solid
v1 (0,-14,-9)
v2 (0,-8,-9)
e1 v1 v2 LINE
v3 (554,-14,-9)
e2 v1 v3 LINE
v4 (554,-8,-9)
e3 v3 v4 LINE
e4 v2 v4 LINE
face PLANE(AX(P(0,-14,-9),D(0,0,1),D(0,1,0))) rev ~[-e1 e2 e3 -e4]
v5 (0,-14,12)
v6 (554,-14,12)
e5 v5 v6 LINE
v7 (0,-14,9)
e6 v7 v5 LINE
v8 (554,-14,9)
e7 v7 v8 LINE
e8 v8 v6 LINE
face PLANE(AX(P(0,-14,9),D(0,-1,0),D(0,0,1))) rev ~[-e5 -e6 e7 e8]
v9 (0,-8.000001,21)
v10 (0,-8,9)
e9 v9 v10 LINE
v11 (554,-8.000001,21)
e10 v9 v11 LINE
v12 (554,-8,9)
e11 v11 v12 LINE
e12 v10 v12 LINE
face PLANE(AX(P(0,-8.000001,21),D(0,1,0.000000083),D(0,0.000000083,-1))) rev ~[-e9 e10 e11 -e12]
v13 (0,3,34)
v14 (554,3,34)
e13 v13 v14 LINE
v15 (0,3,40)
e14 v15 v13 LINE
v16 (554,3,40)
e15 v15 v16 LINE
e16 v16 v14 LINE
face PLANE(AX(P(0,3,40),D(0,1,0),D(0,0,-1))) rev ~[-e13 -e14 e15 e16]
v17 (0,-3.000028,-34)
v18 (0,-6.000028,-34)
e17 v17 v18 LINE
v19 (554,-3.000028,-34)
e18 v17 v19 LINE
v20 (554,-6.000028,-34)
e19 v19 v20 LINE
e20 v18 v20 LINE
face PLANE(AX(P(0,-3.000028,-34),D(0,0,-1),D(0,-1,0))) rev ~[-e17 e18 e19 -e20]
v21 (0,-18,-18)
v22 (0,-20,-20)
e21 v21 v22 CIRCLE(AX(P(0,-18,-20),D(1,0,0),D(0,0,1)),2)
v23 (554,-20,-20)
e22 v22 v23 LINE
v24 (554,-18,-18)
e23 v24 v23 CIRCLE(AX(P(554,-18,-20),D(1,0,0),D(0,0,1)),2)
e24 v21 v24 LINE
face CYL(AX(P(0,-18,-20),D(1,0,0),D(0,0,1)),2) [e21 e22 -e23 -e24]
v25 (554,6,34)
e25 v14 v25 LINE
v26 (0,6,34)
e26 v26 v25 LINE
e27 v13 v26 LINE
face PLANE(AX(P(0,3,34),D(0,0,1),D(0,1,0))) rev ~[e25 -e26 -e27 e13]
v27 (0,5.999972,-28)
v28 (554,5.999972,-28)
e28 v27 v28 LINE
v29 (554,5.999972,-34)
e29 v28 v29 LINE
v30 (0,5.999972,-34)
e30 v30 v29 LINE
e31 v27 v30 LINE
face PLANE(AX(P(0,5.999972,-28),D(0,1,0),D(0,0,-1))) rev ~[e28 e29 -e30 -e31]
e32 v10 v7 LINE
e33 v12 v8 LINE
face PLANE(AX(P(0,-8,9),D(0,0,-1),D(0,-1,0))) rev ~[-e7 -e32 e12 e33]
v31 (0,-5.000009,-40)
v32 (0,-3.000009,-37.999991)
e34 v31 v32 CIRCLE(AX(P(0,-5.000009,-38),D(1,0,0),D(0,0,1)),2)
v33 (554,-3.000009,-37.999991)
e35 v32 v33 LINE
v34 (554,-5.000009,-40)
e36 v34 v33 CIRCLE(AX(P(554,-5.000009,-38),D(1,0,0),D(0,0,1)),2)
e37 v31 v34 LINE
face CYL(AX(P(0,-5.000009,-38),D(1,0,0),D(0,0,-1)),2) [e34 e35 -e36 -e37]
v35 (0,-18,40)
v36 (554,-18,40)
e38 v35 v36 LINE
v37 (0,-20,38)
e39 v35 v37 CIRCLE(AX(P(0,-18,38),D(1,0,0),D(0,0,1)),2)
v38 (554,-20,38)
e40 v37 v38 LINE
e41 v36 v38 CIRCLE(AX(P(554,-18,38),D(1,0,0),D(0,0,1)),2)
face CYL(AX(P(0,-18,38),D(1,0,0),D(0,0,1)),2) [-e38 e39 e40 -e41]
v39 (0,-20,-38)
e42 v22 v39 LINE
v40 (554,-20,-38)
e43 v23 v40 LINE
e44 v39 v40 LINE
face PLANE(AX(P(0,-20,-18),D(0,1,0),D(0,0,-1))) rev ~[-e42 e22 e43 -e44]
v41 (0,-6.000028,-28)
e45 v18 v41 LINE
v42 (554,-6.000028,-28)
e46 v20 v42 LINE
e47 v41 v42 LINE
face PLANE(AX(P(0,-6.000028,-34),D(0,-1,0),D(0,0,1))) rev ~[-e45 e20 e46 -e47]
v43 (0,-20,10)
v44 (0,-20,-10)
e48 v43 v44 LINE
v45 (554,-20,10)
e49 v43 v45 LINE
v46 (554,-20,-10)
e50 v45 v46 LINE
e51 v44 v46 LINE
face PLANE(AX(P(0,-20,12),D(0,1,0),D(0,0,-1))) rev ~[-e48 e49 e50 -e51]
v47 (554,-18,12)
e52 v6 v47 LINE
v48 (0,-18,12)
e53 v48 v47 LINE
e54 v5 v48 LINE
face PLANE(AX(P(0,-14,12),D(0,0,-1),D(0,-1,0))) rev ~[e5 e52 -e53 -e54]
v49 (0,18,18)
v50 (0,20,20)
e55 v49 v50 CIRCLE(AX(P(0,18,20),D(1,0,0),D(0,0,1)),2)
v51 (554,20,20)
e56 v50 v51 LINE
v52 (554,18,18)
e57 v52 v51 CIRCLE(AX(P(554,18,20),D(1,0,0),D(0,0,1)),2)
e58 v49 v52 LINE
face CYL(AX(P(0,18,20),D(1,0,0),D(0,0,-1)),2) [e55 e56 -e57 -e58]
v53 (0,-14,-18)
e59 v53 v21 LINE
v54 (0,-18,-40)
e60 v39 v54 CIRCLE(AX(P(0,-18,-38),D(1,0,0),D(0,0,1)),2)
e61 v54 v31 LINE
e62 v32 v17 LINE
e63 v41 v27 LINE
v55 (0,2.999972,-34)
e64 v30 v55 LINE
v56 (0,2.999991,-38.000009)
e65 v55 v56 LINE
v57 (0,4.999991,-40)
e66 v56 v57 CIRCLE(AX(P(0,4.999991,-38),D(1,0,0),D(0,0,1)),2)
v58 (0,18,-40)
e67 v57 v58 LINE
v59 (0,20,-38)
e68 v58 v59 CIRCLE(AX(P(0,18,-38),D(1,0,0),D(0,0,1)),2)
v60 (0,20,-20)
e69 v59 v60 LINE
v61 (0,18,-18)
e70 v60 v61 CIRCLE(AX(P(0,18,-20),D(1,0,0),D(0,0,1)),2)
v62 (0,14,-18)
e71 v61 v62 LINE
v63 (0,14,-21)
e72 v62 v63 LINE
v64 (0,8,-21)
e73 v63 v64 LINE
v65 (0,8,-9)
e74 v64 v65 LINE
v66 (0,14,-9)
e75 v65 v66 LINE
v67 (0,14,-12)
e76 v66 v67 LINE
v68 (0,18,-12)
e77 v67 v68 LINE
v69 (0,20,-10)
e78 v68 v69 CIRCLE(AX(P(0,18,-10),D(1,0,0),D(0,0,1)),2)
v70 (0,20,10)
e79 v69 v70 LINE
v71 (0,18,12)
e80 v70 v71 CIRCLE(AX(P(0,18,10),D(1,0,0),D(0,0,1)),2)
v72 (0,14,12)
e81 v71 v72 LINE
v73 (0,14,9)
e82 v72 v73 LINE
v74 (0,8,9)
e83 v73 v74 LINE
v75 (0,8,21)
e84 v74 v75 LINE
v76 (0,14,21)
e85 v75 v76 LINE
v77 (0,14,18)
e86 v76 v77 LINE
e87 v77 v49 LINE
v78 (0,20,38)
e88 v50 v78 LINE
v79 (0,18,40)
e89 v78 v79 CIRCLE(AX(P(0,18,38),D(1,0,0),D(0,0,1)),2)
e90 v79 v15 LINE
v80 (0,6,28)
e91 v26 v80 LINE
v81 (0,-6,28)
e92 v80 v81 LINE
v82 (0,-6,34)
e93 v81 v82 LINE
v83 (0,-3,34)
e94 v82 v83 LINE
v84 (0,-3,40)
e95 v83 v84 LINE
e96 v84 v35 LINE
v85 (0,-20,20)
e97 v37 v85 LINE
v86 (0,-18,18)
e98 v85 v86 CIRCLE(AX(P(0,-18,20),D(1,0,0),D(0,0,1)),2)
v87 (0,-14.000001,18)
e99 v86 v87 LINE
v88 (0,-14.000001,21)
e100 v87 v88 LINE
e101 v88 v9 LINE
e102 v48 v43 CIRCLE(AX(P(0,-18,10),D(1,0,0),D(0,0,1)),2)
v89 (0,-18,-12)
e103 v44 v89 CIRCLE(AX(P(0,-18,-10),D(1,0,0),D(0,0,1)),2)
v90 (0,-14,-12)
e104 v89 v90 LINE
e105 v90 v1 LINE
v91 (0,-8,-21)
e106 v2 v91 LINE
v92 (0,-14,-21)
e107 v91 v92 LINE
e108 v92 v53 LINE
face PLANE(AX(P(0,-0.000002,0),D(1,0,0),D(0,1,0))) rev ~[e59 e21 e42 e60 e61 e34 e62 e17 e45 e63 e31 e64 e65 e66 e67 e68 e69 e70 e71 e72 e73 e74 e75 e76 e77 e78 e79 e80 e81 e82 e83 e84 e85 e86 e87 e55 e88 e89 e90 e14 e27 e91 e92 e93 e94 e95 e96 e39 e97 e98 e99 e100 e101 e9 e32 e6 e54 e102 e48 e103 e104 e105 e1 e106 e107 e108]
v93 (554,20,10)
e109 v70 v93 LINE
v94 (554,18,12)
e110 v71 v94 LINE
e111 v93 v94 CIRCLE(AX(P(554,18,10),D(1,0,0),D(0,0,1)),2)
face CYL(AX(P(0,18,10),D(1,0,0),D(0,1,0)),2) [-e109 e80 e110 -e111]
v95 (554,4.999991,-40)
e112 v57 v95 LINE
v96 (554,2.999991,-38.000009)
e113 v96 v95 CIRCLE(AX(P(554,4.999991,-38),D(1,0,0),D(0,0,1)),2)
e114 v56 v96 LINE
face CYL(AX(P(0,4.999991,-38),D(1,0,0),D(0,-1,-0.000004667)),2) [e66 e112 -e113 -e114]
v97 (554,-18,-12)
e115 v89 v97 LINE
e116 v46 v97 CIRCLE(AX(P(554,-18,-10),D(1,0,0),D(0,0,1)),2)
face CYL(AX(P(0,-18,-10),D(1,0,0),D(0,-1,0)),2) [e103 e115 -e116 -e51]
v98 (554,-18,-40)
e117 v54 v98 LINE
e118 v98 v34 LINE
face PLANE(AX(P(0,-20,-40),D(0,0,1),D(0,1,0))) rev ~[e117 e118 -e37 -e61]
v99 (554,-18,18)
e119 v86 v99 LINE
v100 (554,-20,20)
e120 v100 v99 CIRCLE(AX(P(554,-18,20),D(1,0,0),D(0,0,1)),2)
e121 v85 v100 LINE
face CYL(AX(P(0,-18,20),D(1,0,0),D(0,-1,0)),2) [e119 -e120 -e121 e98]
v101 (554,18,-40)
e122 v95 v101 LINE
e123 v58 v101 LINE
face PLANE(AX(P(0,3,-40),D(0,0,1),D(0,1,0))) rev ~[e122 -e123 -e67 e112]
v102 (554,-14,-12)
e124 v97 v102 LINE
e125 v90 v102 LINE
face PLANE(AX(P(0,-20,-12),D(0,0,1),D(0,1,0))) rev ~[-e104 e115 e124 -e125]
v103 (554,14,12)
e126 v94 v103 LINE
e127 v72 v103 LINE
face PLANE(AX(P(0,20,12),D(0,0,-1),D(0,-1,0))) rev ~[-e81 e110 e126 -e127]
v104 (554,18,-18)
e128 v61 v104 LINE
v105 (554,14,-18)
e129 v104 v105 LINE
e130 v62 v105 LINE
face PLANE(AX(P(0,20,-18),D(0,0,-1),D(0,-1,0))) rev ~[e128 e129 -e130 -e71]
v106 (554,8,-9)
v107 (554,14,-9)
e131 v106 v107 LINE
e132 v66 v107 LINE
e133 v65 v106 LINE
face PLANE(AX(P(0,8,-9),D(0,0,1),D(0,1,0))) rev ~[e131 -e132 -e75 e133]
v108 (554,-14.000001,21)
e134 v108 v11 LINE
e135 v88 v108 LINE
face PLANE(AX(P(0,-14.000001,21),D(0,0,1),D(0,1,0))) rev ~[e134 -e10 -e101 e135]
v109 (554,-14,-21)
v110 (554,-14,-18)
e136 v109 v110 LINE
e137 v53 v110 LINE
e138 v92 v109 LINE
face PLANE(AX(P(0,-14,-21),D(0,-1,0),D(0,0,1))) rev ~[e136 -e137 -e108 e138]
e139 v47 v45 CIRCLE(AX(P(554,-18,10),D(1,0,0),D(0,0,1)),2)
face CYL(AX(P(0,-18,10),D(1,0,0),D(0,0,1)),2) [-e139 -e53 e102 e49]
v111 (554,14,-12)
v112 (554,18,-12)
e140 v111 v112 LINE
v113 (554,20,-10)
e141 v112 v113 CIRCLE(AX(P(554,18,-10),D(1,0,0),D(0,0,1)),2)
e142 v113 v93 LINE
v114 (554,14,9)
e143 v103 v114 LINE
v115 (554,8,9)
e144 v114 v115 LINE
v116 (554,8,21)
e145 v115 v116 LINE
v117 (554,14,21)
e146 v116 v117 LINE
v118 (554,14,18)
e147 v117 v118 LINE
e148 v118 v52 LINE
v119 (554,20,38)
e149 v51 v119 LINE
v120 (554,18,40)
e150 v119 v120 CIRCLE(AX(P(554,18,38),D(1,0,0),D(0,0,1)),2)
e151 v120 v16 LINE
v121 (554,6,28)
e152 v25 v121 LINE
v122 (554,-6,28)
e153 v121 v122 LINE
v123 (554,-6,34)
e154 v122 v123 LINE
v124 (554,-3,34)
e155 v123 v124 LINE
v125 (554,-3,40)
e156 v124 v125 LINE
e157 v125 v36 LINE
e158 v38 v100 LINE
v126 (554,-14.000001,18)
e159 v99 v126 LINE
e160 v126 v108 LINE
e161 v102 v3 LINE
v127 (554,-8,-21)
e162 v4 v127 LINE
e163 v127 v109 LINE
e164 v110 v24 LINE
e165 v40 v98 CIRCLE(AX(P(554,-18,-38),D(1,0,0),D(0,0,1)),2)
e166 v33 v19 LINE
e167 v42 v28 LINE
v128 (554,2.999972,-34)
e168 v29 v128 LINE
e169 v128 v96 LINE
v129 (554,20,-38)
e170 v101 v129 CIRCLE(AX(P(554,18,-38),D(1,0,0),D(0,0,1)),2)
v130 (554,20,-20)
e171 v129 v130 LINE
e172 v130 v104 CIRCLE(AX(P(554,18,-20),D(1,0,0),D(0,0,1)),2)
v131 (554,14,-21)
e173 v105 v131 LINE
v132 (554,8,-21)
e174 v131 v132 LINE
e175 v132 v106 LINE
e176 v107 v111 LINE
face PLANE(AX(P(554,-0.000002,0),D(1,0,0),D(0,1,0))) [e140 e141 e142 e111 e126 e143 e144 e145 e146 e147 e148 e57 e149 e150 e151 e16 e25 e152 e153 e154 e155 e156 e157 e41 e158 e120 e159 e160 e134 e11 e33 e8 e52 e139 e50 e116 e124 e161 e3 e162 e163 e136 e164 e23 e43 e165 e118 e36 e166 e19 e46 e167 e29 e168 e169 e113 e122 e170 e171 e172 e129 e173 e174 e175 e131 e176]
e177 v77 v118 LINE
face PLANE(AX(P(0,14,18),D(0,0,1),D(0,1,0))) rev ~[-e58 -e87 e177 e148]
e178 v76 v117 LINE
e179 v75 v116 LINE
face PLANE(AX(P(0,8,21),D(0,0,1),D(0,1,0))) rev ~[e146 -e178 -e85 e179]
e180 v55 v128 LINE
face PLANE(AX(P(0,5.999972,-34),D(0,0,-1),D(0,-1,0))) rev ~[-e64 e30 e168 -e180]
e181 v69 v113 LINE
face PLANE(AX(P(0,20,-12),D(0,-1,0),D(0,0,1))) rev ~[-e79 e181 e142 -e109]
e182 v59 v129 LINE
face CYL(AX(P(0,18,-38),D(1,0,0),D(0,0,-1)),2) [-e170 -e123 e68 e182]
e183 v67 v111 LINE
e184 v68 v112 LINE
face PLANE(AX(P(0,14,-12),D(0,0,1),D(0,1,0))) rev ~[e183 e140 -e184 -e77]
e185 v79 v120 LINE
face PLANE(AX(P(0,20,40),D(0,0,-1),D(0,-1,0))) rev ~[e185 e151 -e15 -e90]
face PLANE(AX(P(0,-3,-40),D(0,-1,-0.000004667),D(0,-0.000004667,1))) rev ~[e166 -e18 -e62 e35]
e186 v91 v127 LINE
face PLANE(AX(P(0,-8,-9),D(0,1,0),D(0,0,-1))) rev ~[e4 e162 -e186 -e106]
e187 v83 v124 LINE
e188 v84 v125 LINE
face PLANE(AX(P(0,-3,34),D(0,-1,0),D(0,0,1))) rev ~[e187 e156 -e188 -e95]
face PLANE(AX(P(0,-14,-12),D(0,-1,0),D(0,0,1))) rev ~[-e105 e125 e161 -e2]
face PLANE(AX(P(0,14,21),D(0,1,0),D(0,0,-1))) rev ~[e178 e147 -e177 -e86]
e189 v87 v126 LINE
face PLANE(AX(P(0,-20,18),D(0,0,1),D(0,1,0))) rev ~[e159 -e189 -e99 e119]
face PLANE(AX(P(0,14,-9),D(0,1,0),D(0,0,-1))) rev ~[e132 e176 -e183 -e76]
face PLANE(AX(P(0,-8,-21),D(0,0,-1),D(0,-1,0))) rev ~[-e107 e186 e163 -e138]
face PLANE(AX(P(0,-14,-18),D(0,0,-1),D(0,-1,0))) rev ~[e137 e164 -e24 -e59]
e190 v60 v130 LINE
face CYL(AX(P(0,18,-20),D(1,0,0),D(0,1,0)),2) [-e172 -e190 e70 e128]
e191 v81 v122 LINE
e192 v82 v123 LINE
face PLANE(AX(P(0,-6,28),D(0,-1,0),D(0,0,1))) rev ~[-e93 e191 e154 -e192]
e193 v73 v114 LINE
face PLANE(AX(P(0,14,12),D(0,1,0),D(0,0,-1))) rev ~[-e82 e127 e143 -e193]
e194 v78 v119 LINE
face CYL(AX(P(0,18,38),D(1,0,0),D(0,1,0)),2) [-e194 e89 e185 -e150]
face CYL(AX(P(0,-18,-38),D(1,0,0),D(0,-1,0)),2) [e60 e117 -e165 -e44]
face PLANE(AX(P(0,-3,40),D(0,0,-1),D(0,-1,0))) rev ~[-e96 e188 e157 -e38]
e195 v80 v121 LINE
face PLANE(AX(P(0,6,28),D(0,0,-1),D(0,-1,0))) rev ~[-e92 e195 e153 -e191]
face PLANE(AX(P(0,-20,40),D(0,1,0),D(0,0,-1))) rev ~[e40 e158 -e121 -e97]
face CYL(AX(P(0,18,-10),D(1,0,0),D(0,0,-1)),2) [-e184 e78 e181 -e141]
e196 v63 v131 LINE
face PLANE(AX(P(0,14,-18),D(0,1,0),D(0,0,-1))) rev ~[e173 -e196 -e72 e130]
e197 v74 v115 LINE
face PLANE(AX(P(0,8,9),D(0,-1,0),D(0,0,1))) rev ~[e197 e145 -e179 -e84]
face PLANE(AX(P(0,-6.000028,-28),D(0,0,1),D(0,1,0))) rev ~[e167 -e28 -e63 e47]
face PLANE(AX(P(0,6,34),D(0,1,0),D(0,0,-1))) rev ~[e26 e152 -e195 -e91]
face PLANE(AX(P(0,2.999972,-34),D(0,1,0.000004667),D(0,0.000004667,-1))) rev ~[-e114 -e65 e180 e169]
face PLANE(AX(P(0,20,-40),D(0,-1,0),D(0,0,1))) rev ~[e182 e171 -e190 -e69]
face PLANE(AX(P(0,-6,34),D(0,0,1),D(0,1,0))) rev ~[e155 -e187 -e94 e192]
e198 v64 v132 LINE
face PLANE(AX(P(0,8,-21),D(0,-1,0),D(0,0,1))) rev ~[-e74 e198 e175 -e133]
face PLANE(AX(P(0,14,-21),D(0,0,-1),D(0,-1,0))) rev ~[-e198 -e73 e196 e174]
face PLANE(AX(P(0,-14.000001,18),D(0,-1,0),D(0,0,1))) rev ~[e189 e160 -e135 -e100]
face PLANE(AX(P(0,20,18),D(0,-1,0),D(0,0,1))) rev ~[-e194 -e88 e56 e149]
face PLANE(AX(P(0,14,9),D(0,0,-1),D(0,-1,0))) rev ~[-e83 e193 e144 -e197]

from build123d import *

# Parameters (mm, degrees)
F1_DEPTH = 554
F2_R     = 2


with BuildPart() as f1:
    # F0 (on Right) → F1 (new body)
    with BuildSketch(Plane.YZ):
        Polygon((-3, 40), (-20, 40), (-20, 18), (-14.000001, 18), (-14.000001, 21), (-8.000001, 21), (-8, 9), (-14, 9), (-14, 12), (-20, 12), (-20, -12), (-14, -12), (-14, -9), (-8, -9), (-8, -21), (-14, -21), (-14, -18), (-20, -18), (-20, -40), (-3, -40), (-3.000028, -34), (-6.000028, -34), (-6.000028, -28), (5.999972, -28), (5.999972, -34), (2.999972, -34), (3, -40), (20, -40), (20, -18), (14, -18), (14, -21), (8, -21), (8, -9), (14, -9), (14, -12), (20, -12), (20, 12), (14, 12), (14, 9), (8, 9), (8, 21), (14, 21), (14, 18), (20, 18), (20, 40), (3, 40), (3, 34), (6, 34), (6, 28), (-6, 28), (-6, 34), (-3, 34), align=None)
    extrude(amount=F1_DEPTH)

    # F2
    f2_edges = [f1.edges().sort_by_distance(p)[0] for p in [
        (277, -20, 40),
        (277, -20, 18),
        (277, -20, 12),
        (277, -20, -12),
        (277, -20, -18),
        (277, -20, -40),
        (277, -3, -40),
        (277, 3, -40),
        (277, 20, -40),
        (277, 20, -18),
        (277, 20, 12),
        (277, 20, -12),
        (277, 20, 40),
        (277, 20, 18),
    ]]
    fillet(f2_edges, radius=F2_R)


solid = f1.part
